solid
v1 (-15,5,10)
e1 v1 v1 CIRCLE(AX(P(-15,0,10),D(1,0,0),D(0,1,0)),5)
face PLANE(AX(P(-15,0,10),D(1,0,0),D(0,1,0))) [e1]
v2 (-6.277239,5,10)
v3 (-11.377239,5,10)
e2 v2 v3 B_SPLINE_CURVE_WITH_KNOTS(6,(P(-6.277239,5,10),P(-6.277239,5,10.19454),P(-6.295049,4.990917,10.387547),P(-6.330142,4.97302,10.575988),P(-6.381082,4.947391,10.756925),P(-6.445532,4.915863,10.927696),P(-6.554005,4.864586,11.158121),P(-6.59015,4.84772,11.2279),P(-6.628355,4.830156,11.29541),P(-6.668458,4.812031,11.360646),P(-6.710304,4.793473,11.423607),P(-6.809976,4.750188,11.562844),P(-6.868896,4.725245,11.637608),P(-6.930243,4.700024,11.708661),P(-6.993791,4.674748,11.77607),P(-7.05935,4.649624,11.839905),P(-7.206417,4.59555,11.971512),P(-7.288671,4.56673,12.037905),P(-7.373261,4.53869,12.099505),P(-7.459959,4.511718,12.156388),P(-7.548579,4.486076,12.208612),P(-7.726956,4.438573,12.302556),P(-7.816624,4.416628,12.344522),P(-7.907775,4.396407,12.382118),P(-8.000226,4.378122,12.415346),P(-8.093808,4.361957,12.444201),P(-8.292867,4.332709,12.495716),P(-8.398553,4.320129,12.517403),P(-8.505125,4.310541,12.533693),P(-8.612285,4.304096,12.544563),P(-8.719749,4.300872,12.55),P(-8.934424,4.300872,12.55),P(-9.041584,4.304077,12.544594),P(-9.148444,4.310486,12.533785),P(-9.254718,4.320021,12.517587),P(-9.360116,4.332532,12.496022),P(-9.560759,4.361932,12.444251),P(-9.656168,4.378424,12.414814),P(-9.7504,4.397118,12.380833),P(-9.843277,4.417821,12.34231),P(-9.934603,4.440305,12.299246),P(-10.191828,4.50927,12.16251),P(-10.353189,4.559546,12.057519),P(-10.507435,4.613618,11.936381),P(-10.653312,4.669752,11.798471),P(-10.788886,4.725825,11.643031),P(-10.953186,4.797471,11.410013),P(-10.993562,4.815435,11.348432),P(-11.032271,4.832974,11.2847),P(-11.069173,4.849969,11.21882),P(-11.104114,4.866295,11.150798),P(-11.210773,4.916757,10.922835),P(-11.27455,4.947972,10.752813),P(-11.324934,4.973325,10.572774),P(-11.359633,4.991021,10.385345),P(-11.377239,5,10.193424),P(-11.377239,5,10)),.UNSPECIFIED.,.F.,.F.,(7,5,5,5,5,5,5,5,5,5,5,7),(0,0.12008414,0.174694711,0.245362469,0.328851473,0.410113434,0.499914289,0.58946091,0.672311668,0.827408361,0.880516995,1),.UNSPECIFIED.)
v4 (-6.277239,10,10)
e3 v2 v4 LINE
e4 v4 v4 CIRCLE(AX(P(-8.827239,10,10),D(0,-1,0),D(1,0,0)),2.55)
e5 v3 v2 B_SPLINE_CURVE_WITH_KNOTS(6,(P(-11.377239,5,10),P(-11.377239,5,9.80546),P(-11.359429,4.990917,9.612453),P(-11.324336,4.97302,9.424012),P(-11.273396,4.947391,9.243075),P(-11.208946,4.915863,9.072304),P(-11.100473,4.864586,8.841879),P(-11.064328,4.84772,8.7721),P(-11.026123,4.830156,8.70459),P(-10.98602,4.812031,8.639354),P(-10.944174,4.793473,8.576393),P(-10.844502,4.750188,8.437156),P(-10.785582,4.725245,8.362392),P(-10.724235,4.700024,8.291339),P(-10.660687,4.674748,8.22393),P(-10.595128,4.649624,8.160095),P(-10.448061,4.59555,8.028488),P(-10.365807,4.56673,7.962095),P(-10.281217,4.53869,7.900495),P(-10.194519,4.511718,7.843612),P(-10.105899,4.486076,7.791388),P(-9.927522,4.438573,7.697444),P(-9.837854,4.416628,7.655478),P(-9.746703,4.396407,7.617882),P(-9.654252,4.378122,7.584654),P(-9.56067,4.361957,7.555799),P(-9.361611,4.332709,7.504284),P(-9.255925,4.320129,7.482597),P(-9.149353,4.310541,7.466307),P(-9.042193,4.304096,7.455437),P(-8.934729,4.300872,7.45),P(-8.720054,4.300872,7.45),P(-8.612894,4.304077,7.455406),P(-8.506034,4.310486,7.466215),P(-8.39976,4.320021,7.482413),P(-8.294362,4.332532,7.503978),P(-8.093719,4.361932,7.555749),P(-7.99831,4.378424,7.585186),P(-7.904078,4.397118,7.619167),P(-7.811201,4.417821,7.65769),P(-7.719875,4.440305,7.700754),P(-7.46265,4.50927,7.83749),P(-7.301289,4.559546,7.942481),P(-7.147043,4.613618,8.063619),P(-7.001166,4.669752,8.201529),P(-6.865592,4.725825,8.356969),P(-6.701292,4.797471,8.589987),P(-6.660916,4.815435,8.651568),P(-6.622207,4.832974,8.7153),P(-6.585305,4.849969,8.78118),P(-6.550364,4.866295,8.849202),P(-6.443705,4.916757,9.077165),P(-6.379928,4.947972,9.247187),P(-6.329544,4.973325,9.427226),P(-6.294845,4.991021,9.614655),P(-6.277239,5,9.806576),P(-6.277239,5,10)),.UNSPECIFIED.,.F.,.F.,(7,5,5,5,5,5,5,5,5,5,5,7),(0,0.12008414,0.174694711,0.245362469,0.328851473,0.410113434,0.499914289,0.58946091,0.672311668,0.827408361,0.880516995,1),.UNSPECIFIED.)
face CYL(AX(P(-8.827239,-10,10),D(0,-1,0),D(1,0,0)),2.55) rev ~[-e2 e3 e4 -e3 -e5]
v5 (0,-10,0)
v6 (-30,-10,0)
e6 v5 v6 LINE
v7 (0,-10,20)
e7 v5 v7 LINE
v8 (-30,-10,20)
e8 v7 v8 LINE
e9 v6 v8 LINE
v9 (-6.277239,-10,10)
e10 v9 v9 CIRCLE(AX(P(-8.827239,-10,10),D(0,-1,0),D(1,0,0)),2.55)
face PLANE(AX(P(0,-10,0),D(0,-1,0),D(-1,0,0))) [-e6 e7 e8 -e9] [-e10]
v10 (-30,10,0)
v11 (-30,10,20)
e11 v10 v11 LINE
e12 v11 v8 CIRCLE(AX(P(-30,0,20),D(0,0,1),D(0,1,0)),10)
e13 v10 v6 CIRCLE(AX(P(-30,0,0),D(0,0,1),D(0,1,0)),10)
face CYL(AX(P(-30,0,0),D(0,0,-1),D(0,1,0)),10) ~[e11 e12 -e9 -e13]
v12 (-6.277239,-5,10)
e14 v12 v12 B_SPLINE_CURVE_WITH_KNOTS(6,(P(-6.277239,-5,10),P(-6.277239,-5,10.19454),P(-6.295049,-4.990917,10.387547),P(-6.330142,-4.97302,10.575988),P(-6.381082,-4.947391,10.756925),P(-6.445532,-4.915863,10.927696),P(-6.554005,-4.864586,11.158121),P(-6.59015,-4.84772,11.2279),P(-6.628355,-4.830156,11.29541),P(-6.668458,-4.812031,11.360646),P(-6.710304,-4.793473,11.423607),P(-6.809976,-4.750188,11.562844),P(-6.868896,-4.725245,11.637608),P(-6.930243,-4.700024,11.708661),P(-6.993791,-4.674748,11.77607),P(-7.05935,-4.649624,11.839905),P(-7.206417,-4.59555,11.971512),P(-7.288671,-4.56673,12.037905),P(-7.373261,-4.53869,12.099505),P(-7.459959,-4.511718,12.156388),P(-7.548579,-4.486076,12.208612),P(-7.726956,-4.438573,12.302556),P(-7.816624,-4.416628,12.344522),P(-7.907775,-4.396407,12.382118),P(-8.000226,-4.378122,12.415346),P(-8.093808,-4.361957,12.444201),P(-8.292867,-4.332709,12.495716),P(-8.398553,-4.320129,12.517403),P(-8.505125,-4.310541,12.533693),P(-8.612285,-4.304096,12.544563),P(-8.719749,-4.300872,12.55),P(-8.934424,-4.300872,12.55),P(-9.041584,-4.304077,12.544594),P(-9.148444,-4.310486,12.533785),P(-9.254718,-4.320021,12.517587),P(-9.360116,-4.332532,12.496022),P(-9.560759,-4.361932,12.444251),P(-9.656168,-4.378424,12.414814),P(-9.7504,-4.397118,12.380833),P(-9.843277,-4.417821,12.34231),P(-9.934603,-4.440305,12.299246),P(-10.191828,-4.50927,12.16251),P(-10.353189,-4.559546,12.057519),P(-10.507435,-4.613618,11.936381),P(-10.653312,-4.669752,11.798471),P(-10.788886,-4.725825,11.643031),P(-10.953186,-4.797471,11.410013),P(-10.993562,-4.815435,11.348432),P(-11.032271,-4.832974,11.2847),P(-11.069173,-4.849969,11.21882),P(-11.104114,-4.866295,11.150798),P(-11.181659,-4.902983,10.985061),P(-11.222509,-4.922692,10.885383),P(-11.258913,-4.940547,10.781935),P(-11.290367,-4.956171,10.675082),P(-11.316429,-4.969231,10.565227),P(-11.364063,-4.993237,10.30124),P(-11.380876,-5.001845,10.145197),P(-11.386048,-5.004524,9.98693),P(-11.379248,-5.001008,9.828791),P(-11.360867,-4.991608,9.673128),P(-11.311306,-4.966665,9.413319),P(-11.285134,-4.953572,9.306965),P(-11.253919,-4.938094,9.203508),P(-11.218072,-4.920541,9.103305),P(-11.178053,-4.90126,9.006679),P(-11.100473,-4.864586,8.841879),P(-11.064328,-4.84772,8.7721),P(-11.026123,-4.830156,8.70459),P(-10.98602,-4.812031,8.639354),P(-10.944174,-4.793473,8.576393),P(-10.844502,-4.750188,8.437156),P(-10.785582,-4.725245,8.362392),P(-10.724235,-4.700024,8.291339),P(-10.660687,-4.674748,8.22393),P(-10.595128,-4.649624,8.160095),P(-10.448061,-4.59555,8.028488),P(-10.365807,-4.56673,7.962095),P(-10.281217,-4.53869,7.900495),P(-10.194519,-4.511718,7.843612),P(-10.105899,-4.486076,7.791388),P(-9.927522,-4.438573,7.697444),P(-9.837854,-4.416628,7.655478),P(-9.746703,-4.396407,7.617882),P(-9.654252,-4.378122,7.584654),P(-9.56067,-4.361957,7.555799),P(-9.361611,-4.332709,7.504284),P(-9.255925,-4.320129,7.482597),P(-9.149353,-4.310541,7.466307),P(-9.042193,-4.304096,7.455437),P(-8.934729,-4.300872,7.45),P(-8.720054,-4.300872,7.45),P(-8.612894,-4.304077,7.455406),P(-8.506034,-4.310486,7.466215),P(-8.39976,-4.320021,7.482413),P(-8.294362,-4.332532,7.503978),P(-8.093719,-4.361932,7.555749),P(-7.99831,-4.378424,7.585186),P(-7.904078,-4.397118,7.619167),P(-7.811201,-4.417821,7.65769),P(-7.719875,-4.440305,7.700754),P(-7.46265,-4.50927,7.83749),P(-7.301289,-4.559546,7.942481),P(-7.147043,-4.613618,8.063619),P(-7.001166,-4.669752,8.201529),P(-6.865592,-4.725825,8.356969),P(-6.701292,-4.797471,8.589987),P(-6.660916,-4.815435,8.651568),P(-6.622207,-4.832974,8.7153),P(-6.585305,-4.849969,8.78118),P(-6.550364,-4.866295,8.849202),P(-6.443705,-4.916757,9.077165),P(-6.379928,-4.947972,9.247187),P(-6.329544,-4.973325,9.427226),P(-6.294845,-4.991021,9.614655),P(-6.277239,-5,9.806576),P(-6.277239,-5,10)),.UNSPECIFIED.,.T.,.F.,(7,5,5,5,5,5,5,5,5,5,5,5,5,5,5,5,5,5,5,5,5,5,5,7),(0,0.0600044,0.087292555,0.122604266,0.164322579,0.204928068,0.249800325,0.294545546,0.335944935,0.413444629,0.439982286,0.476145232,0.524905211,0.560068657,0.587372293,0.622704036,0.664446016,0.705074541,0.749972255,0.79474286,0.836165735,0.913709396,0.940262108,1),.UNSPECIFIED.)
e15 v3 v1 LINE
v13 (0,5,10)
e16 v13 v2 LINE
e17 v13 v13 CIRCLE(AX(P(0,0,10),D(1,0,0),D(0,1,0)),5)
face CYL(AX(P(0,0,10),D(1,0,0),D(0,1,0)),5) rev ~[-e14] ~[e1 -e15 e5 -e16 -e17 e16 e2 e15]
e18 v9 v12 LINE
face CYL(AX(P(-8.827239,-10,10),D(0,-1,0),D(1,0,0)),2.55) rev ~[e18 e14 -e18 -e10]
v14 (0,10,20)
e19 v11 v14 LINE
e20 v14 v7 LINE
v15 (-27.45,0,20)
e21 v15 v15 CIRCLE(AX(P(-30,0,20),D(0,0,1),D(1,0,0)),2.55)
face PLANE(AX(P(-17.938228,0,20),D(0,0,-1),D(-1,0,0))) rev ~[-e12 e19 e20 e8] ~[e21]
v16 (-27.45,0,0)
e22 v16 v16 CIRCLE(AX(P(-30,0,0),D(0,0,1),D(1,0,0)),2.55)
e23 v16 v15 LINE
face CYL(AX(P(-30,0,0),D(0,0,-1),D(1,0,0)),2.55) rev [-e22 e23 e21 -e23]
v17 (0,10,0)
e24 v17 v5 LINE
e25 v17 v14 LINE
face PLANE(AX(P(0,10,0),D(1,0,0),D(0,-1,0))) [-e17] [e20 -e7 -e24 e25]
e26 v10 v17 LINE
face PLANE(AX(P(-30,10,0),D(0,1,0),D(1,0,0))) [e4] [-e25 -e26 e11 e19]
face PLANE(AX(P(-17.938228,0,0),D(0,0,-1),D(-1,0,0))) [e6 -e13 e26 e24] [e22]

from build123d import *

# Parameters (mm, degrees)
SKETCH_R        = 2.55
PAD_DEPTH       = 20
SKETCH001_R     = 5
POCKET_DEPTH    = 15
SKETCH003_R     = 2.55
POCKET001_DEPTH = 20.001


with BuildPart() as part:
    # Sketch → Pad (new body)
    with BuildSketch(Plane.XY):
        with BuildLine():
            Line((-30, 10), (0, 10))
            Line((0, 10), (0, -10))
            Line((0, -10), (-30, -10))
            ThreePointArc((-30, 10), (-40, 0), (-30, -10))
        make_face()
        with Locations((-30, 0)):
            Circle(SKETCH_R, mode=Mode.SUBTRACT)
    extrude(amount=PAD_DEPTH)

    # Sketch001 (on Face2 of Pad) → Pocket (cut)
    with BuildSketch(Plane.YZ):
        with Locations((0, 10)):
            Circle(SKETCH001_R)
    extrude(amount=-POCKET_DEPTH, mode=Mode.SUBTRACT)

    # Sketch003 (on Face6 of Pocket) → Pocket001 (cut, through all)
    with BuildSketch(Plane.XZ.offset(10)):
        with Locations((-8.827239, 10)):
            Circle(SKETCH003_R)
    extrude(amount=-POCKET001_DEPTH, mode=Mode.SUBTRACT)


solid = part.part
